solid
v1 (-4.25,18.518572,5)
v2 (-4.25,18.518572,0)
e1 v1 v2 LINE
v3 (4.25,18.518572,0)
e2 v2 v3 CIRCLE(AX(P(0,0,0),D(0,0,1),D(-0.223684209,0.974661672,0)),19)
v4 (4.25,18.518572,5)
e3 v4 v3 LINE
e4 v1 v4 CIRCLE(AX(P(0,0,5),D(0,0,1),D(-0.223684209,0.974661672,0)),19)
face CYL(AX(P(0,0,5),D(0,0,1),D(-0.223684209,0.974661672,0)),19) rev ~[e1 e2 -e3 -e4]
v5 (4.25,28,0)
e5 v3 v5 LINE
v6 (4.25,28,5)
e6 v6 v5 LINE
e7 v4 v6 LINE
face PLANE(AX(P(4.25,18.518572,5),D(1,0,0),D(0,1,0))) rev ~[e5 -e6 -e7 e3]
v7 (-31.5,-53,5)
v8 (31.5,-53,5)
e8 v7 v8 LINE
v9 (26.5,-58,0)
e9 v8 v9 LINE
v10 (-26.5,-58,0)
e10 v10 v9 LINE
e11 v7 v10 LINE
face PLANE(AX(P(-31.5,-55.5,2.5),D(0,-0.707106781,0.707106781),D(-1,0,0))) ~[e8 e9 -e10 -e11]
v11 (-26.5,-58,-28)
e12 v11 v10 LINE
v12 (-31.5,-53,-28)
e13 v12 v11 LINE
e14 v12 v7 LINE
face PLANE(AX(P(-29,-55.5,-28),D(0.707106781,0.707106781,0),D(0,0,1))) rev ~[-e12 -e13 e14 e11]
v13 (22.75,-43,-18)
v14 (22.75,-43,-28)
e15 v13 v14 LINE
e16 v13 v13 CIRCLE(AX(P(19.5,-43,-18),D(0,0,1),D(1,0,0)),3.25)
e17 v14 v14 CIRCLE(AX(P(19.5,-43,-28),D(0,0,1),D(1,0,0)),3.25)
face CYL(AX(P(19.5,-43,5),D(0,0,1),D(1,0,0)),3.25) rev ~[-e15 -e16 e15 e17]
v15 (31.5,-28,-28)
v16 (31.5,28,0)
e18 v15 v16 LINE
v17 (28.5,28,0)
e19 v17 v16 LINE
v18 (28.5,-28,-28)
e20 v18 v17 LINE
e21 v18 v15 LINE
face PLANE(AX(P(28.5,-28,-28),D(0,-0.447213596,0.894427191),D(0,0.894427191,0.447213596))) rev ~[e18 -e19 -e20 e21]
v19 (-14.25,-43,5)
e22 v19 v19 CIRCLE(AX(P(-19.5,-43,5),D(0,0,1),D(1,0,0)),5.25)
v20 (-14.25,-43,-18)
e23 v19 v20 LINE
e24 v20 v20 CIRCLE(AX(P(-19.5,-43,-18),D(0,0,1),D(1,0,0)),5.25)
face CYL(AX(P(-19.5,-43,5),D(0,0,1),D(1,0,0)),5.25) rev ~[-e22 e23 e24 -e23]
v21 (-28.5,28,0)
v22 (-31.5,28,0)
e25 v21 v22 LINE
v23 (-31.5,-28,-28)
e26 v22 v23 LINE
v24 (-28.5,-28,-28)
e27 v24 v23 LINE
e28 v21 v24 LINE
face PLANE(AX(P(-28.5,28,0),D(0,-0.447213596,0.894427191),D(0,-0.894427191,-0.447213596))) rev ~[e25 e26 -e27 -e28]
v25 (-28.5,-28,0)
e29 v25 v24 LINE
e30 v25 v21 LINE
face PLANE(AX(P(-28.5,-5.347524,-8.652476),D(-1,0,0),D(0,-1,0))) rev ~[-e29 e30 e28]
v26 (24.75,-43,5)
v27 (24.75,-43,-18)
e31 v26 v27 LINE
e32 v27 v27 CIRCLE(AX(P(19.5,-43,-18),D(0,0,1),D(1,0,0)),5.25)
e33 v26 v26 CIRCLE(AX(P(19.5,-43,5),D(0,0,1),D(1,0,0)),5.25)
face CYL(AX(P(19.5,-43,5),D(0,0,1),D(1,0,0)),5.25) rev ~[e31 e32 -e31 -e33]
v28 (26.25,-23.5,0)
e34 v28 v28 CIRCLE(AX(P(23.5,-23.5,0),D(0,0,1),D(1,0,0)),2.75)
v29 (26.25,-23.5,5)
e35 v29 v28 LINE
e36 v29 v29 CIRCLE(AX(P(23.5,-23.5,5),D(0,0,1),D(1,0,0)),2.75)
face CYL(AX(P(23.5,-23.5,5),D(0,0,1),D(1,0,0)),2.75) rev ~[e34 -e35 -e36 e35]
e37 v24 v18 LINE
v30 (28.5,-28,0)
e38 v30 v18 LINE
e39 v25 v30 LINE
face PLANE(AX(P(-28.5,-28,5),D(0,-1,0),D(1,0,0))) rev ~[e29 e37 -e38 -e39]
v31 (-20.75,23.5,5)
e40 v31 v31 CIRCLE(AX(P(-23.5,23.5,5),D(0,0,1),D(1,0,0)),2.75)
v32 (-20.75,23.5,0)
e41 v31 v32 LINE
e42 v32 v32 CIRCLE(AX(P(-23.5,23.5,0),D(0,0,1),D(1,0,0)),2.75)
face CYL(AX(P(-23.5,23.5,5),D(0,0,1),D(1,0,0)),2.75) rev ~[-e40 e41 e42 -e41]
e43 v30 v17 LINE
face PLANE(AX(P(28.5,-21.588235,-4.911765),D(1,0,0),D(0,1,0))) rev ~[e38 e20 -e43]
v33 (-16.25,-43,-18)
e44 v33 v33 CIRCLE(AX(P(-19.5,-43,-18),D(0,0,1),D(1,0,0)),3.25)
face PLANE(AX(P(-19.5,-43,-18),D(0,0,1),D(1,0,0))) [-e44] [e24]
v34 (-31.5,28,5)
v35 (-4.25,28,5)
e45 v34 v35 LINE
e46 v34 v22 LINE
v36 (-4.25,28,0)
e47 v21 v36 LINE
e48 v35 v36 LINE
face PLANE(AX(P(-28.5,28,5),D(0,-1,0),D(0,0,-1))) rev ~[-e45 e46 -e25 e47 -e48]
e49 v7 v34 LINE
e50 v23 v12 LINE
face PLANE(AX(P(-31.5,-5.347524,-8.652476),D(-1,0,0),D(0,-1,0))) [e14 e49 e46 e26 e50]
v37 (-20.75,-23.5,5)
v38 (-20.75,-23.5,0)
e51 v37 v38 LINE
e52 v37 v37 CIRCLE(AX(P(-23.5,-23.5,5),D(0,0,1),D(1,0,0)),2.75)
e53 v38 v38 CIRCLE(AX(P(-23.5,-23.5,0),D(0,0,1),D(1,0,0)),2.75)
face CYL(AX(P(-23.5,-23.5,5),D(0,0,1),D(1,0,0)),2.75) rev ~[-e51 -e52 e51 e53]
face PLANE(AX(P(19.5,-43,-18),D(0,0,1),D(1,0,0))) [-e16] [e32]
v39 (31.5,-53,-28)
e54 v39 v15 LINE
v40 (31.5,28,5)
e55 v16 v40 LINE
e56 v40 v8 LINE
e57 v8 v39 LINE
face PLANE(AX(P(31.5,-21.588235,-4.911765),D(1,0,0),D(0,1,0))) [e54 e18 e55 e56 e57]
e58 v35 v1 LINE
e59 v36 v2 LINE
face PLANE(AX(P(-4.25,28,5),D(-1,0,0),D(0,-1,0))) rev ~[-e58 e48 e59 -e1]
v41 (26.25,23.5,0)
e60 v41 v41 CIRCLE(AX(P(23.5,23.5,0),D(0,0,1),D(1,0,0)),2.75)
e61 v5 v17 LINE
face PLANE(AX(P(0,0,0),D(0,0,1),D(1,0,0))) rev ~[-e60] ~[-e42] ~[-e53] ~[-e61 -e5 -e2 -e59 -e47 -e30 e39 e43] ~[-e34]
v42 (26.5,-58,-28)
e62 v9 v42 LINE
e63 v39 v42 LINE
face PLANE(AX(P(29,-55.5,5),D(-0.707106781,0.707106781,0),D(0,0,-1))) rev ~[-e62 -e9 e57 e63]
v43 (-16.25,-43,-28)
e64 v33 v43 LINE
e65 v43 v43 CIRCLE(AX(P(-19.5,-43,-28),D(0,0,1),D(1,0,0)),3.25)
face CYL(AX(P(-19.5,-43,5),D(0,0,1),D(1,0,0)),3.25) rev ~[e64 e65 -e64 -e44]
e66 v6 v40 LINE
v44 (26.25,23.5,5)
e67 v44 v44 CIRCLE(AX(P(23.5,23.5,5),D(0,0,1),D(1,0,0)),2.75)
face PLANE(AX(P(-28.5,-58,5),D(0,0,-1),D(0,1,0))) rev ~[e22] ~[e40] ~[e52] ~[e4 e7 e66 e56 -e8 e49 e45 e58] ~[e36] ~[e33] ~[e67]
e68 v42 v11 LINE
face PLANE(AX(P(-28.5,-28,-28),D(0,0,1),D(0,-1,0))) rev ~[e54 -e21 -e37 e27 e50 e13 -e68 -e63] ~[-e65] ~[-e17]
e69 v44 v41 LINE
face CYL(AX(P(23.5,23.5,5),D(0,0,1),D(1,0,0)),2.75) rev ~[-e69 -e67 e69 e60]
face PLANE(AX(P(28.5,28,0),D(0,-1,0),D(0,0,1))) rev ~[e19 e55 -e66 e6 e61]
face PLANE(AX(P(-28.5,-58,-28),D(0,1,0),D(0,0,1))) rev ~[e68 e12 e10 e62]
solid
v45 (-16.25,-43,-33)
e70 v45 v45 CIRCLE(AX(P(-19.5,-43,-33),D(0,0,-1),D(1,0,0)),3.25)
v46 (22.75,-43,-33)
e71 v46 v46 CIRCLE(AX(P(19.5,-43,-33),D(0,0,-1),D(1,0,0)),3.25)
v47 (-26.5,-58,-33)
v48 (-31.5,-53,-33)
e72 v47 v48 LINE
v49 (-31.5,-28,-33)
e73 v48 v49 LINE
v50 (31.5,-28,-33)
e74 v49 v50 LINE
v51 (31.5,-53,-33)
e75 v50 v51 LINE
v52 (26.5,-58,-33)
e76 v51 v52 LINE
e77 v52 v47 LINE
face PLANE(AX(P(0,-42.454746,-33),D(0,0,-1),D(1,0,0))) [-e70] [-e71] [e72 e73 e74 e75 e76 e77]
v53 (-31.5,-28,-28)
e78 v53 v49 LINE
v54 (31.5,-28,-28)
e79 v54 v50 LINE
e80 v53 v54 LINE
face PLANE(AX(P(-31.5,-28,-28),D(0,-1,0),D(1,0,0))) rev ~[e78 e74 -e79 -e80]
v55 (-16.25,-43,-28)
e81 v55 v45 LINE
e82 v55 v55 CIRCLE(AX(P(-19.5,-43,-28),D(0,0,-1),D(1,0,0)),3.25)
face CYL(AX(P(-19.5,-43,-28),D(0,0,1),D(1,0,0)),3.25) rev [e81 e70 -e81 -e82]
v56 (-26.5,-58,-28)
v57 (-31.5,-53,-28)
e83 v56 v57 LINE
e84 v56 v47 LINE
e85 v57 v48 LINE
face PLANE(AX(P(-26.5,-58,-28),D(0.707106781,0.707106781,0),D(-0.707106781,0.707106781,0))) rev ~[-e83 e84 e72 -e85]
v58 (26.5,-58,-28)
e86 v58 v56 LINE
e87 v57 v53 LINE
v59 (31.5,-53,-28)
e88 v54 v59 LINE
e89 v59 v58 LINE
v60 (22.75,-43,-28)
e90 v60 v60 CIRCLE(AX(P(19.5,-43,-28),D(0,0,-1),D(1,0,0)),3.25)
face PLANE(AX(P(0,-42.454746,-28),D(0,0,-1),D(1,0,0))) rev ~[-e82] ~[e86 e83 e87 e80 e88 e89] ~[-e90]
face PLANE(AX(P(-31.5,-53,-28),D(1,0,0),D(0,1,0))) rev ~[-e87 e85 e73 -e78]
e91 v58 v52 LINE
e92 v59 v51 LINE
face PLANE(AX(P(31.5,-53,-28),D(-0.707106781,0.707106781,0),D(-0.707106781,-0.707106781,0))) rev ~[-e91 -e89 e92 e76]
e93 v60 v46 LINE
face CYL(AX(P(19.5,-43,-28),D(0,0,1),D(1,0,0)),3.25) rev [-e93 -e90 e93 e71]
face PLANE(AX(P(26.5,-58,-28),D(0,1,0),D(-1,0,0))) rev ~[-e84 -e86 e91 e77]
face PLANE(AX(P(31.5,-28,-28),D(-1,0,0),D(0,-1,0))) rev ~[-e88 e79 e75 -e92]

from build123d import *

# Parameters (mm, degrees)
F0_W      = 57
F0_H      = 56
F1_DEPTH  = 5
F2_R      = 2.75
F3_DEPTH  = 25
F4_W      = 57
F4_H      = 30
F5_DEPTH  = 33
F6_R      = 5.25
F7_DEPTH  = 23
F8_R      = 3.25
F9_DEPTH  = 33.001
F11_DEPTH = 3
F13_DEPTH = 3
F14_SIZE  = 5
F15_R     = 3.25
F16_DEPTH = 5


with BuildPart() as f1:
    # F0 (on Top) → F1 (new body)
    with BuildSketch(Plane.XY):
        Rectangle(F0_W, F0_H)
    extrude(amount=F1_DEPTH)

    # F2 (on face) → F3 (cut)
    with BuildSketch(Plane.XY.offset(5)):
        with Locations((-23.5, -23.5)):
            Circle(F2_R)
        with Locations((23.5, -23.5)):
            Circle(F2_R)
        with Locations((23.5, 23.5)):
            Circle(F2_R)
        with Locations((-23.5, 23.5)):
            Circle(F2_R)
        with BuildLine():
            Line((-4.25, 28), (-4.25, 18.518572))
            ThreePointArc((-4.25, 18.518572), (0, -19), (4.25, 18.518572))
            Line((4.25, 18.518572), (4.25, 28))
            Line((4.25, 28), (-4.25, 28))
        make_face()
    extrude(amount=-F3_DEPTH, mode=Mode.SUBTRACT)

    # F4 (on face) → F5 (join)
    with BuildSketch(Plane.XY.offset(5)):
        with Locations((0, -43)):
            Rectangle(F4_W, F4_H)
    extrude(amount=-F5_DEPTH)

    # F6 (on face) → F7 (cut)
    with BuildSketch(Plane.XY.offset(5)):
        with Locations((-19.5, -43)):
            Circle(F6_R)
        with Locations((19.5, -43)):
            Circle(F6_R)
    extrude(amount=-F7_DEPTH, mode=Mode.SUBTRACT)

    # F8 (on face) → F9 (cut, through all)
    with BuildSketch(Plane.XY.offset(5)):
        with Locations((-19.5, -43)):
            Circle(F8_R)
        with Locations((19.5, -43)):
            Circle(F8_R)
    extrude(amount=-F9_DEPTH, mode=Mode.SUBTRACT)

    # F10 (on face) → F11 (join)
    with BuildSketch(Plane.YZ.offset(28.5)):
        Polygon((-28, -28), (-28, 0), (28, 0), (28, 5), (-58, 5), (-58, -28), align=None)
        Polygon((28, 0), (-28, 0), (-28, -28), align=None)
    extrude(amount=F11_DEPTH)

    # F12 (on face) → F13 (join)
    with BuildSketch(Plane(origin=(-28.5, 0, 0), x_dir=(0, -1, 0), z_dir=(-1, 0, 0))):
        Polygon((28, 0), (-28, 0), (28, -28), align=None)
        Polygon((-28, 5), (-28, 0), (28, 0), (28, -28), (58, -28), (58, 5), align=None)
    extrude(amount=F13_DEPTH)

    # F14
    f14_edges = [f1.edges().sort_by_distance(p)[0] for p in [
        (31.5, -58, -11.5),
        (-31.5, -58, -11.5),
        (0, -58, 5),
    ]]
    chamfer(f14_edges, length=F14_SIZE)


with BuildPart() as f16:
    # F15 (on face) → F16 (new body)
    with BuildSketch(Plane(origin=(0, 0, -28), x_dir=(1, 0, 0), z_dir=(0, 0, -1))):
        Polygon((31.5, 53), (26.5, 58), (-26.5, 58), (-31.5, 53), (-31.5, 28), (-28.5, 28), (28.5, 28), (31.5, 28), align=None)
        with Locations((-19.5, 43)):
            Circle(F15_R, mode=Mode.SUBTRACT)
        with Locations((19.5, 43)):
            Circle(F15_R, mode=Mode.SUBTRACT)
    extrude(amount=F16_DEPTH)


solid = Compound([f1.part, f16.part])
